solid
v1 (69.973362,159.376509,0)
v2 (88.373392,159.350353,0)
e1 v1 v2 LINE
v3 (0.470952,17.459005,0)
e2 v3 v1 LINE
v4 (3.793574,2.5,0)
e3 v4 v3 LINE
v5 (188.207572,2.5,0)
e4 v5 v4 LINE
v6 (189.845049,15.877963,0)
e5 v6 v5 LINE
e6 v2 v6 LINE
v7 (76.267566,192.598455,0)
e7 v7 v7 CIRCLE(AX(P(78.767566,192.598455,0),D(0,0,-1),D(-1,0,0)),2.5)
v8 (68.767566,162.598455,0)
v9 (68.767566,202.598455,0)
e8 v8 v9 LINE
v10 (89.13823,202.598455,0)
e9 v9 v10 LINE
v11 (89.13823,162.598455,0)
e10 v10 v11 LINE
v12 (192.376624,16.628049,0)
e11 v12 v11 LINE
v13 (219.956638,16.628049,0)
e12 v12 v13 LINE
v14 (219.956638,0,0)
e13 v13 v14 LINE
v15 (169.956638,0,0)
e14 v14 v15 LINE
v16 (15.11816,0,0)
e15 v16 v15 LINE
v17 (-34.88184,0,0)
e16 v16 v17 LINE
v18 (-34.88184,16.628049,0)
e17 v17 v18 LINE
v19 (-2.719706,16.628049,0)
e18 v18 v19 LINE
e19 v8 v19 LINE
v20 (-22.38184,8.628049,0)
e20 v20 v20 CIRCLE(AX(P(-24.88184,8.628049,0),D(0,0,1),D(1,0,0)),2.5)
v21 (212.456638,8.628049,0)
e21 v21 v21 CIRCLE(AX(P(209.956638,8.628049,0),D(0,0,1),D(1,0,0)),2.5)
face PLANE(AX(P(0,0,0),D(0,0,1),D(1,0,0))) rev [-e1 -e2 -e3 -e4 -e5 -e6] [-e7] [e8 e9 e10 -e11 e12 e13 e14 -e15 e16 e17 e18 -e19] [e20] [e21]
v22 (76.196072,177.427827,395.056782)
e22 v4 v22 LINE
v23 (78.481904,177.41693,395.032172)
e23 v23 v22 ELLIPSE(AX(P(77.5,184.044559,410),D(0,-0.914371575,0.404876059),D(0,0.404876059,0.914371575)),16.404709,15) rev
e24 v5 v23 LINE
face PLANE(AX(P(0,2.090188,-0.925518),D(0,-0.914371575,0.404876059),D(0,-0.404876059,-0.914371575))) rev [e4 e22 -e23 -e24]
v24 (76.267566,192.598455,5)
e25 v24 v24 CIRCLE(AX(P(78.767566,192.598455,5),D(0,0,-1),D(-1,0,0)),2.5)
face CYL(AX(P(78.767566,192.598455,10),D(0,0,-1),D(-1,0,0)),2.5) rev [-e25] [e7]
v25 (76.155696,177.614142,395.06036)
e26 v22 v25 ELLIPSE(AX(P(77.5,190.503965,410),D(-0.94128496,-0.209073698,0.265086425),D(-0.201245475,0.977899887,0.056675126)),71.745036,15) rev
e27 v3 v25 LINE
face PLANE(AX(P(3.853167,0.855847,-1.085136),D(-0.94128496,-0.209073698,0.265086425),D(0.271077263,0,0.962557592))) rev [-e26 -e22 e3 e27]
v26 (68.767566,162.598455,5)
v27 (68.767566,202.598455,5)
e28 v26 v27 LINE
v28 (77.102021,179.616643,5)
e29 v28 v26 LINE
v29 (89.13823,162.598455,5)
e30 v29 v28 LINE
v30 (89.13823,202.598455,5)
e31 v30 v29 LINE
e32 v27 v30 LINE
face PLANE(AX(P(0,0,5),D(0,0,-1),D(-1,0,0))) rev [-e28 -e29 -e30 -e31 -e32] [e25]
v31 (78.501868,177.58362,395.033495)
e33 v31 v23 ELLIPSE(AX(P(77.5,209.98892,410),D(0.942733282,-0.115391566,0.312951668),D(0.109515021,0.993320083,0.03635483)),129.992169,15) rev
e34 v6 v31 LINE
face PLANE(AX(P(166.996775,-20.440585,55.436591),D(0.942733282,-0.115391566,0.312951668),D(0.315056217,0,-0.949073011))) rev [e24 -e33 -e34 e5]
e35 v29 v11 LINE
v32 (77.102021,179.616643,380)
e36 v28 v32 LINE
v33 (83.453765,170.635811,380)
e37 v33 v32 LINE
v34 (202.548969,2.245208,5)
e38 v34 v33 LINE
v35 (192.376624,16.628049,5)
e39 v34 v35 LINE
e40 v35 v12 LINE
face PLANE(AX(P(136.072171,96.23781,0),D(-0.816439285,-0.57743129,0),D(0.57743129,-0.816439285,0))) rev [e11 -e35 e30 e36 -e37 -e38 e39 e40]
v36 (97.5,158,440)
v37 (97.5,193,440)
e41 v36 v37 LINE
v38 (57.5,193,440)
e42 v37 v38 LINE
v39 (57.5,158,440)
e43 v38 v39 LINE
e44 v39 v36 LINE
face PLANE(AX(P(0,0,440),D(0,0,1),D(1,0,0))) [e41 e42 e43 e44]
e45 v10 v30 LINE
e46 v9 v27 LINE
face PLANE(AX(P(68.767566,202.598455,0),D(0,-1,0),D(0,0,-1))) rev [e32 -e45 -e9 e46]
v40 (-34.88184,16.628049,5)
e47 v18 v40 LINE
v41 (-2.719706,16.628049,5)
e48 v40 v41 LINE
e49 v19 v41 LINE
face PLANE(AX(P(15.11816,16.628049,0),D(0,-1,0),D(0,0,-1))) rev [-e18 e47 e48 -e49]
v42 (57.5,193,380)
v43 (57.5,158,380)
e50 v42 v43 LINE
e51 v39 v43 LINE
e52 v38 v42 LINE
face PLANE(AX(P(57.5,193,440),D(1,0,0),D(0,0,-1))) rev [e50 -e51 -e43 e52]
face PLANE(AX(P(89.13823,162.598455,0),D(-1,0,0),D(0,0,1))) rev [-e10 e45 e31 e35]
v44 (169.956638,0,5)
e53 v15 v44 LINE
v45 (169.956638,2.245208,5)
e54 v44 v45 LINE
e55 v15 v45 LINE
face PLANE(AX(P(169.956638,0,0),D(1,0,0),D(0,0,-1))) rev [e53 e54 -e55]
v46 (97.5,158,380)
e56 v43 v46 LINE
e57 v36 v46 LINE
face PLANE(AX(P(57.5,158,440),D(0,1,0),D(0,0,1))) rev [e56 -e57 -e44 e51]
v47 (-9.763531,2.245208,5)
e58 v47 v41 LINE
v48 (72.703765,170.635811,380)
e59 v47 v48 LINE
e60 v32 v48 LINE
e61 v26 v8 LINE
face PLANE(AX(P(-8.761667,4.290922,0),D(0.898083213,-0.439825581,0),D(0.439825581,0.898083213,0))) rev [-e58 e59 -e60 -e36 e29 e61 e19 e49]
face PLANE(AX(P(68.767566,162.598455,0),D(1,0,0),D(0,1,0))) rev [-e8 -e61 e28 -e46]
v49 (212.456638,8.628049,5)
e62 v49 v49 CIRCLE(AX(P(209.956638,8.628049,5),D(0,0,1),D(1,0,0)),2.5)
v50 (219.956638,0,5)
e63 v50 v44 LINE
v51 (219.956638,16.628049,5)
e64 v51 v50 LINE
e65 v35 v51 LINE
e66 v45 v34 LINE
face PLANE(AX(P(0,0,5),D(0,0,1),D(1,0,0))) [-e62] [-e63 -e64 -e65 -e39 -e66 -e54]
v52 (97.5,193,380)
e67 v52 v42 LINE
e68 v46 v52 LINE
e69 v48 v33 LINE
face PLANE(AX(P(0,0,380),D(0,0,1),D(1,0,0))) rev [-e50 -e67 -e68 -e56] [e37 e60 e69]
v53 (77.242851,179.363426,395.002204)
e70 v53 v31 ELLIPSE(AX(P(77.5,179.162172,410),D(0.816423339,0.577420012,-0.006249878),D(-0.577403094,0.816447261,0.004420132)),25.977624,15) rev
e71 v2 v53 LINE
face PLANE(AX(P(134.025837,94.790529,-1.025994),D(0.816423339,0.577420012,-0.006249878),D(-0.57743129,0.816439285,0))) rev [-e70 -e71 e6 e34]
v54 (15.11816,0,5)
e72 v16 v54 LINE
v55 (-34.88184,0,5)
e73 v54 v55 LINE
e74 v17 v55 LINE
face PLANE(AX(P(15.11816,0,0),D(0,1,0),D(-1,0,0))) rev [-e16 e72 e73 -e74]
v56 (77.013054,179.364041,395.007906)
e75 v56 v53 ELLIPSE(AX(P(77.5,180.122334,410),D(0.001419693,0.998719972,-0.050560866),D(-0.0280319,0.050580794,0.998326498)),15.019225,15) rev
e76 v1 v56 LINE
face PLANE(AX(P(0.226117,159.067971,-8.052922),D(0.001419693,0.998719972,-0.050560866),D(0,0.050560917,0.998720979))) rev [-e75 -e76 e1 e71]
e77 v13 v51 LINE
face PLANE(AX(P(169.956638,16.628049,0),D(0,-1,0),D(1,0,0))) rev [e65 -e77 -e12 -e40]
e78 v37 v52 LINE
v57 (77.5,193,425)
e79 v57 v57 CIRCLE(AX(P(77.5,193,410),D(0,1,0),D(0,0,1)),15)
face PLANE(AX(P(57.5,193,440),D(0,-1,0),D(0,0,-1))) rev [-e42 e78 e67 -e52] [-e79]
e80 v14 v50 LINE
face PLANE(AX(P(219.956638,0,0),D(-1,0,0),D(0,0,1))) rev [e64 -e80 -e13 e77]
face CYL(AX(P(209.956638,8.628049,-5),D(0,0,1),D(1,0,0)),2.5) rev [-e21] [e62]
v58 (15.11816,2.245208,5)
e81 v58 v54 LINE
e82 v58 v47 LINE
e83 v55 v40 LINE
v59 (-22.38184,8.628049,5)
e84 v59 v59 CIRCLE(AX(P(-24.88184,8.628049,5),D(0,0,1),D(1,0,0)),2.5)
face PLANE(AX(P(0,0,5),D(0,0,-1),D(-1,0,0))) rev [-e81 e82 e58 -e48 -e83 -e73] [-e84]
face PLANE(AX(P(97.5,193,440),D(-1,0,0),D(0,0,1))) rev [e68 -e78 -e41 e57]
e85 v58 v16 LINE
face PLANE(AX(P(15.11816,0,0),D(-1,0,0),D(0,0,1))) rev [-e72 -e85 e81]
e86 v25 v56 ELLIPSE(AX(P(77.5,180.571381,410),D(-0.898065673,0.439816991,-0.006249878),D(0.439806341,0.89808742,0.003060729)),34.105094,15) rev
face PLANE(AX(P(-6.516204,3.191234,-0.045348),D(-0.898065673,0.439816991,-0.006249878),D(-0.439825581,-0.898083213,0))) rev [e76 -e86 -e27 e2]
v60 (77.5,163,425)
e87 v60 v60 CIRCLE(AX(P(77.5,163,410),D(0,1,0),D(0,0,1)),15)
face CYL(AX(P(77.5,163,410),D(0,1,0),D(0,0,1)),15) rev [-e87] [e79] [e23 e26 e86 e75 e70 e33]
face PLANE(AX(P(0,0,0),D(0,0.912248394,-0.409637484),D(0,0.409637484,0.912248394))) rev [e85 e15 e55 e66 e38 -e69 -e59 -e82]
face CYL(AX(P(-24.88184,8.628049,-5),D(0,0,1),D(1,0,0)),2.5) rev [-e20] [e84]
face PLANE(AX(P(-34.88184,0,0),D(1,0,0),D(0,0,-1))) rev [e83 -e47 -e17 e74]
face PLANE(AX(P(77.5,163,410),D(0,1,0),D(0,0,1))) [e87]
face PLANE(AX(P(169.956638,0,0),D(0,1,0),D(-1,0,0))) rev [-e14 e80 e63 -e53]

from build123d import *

# Parameters (mm, degrees)
ESBO_O11_W               = 40
ESBO_O11_H               = 35
CORTE_EXTRUS_O2_DEPTH    = 20
ESBO_O12_W               = 40
ESBO_O12_H               = 35
RESSALTO_EXTRUS_O2_DEPTH = 60
ESBO_O14_R               = 15
CORTE_EXTRUS_O3_DEPTH    = 30
ESBO_O16_W               = 51.962510692
ESBO_O16_H               = 33.256097344
CORTE_EXTRUS_O5_DEPTH    = 5
ESBO_O17_W               = 50
ESBO_O17_H               = 16.628048672
RESSALTO_EXTRUS_O3_DEPTH = 5
ESBO_O18_W               = 68.360533092
ESBO_O18_H               = 33.256097344
CORTE_EXTRUS_O7_DEPTH    = 5
ESBO_O19_W               = 50
ESBO_O19_H               = 16.628048672
RESSALTO_EXTRUS_O4_DEPTH = 5
ESBO_O20_W               = 24.072418746
ESBO_O20_H               = 34.036375749
CORTE_EXTRUS_O8_DEPTH    = 5
ESBO_O21_W               = 20.37066465
ESBO_O21_H               = 40
RESSALTO_EXTRUS_O5_DEPTH = 5
ESBO_O22_R               = 2.5
CORTE_EXTRUS_O9_DEPTH    = 10
ESBO_O23_R               = 2.5
CORTE_EXTRUS_O10_DEPTH   = 10


with BuildPart() as part:
    # Esboço2 → Loft1 section 0
    with BuildSketch(Plane.XY, mode=Mode.PRIVATE) as loft1_s0:
        with BuildLine():
            Line((-10.863095238, 0), (204.136904762, 0))
            Line((204.136904762, 0), (77.102021041, 179.616642653))
            Line((77.102021041, 179.616642653), (-10.863095238, 0))
        make_face()
    loft([loft1_s0.sketch, Vertex(77.102021041, 179.616642653, 400)])

    # Esboço11 → Corte-extrusão2 (cut)
    with BuildSketch(Plane(origin=(77.102021041, 179.616642653, 400), x_dir=(1, 0, 0), z_dir=(0, 0, 1))):
        Rectangle(ESBO_O11_W, ESBO_O11_H)
    extrude(amount=-CORTE_EXTRUS_O2_DEPTH, mode=Mode.SUBTRACT)

    # Esboço12 → Ressalto-extrusão2 (add)
    with BuildSketch(Plane.XY.offset(380)):
        with Locations((77.5, 175.5)):
            Rectangle(ESBO_O12_W, ESBO_O12_H)
    extrude(amount=RESSALTO_EXTRUS_O2_DEPTH)

    # Esboço14 → Corte-extrusão3 (cut)
    with BuildSketch(Plane(origin=(0, 193, 0), x_dir=(1, 0, 0), z_dir=(0, 1, 0))):
        with Locations((77.5, -410)):
            Circle(ESBO_O14_R)
    extrude(amount=-CORTE_EXTRUS_O3_DEPTH, mode=Mode.SUBTRACT)

    # Esboço16 → Corte-extrusão5 (cut)
    with BuildSketch(Plane(origin=(0, 0, 0), x_dir=(-1, 0, 0), z_dir=(0, 0, -1))):
        with Locations((10.863095238, 0)):
            Rectangle(ESBO_O16_W, ESBO_O16_H)
    extrude(amount=-CORTE_EXTRUS_O5_DEPTH, mode=Mode.SUBTRACT)

    # Esboço17 → Ressalto-extrusão3 (add)
    with BuildSketch(Plane(origin=(0, 0, 5), x_dir=(-1, 0, 0), z_dir=(0, 0, -1))):
        with Locations((9.881839892, 8.314024336)):
            Rectangle(ESBO_O17_W, ESBO_O17_H)
    extrude(amount=RESSALTO_EXTRUS_O3_DEPTH)

    # Esboço18 → Corte-extrusão7 (cut)
    with BuildSketch(Plane(origin=(0, 0, 0), x_dir=(-1, 0, 0), z_dir=(0, 0, -1))):
        with Locations((-204.136904762, 0)):
            Rectangle(ESBO_O18_W, ESBO_O18_H)
    extrude(amount=-CORTE_EXTRUS_O7_DEPTH, mode=Mode.SUBTRACT)

    # Esboço19 → Ressalto-extrusão4 (add)
    with BuildSketch(Plane(origin=(0, 0, 5), x_dir=(-1, 0, 0), z_dir=(0, 0, -1))):
        with Locations((-194.956638216, 8.314024336)):
            Rectangle(ESBO_O19_W, ESBO_O19_H)
    extrude(amount=RESSALTO_EXTRUS_O4_DEPTH)

    # Esboço20 → Corte-extrusão8 (cut)
    with BuildSketch(Plane(origin=(0, 0, 0), x_dir=(-1, 0, 0), z_dir=(0, 0, -1))):
        with Locations((-77.102021041, 179.616642654)):
            Rectangle(ESBO_O20_W, ESBO_O20_H)
    extrude(amount=-CORTE_EXTRUS_O8_DEPTH, mode=Mode.SUBTRACT)

    # Esboço21 → Ressalto-extrusão5 (add)
    with BuildSketch(Plane(origin=(0, 0, 5), x_dir=(-1, 0, 0), z_dir=(0, 0, -1))):
        with Locations((-78.952898089, 182.598454779)):
            Rectangle(ESBO_O21_W, ESBO_O21_H)
    extrude(amount=RESSALTO_EXTRUS_O5_DEPTH)

    # Esboço22 → Corte-extrusão9 (cut)
    with BuildSketch(Plane.XY.offset(5)):
        with Locations((209.956638216, 8.628048672)):
            Circle(ESBO_O22_R)
        with Locations((-24.881839892, 8.628048672)):
            Circle(ESBO_O22_R)
    extrude(amount=-CORTE_EXTRUS_O9_DEPTH, mode=Mode.SUBTRACT)

    # Esboço23 → Corte-extrusão10 (cut)
    with BuildSketch(Plane(origin=(0, 0, 0), x_dir=(-1, 0, 0), z_dir=(0, 0, -1))):
        with Locations((-78.767565764, 192.598454779)):
            Circle(ESBO_O23_R)
    extrude(amount=-CORTE_EXTRUS_O10_DEPTH, mode=Mode.SUBTRACT)

    # Esboço26 → Loft de corte2 section 0
    with BuildSketch(Plane(origin=(0, 0, 0), x_dir=(-1, 0, 0), z_dir=(0, 0, -1)), mode=Mode.PRIVATE) as loft_de_corte2_s0:
        with BuildLine():
            Line((-188.207571555, 2.5), (-3.793574091, 2.5))
            Line((-3.793574091, 2.5), (-0.470951602, 17.45900541))
            Line((-0.470951602, 17.45900541), (-69.973362487, 159.376508934))
            Line((-69.973362487, 159.376508934), (-88.373391622, 159.350353061))
            Line((-88.373391622, 159.350353061), (-189.84504863, 15.877963255))
            Line((-189.84504863, 15.877963255), (-188.207571555, 2.5))
        make_face()
    loft([loft_de_corte2_s0.sketch, Vertex(77.102021041, 179.616642653, 400)], mode=Mode.SUBTRACT)


solid = part.part
